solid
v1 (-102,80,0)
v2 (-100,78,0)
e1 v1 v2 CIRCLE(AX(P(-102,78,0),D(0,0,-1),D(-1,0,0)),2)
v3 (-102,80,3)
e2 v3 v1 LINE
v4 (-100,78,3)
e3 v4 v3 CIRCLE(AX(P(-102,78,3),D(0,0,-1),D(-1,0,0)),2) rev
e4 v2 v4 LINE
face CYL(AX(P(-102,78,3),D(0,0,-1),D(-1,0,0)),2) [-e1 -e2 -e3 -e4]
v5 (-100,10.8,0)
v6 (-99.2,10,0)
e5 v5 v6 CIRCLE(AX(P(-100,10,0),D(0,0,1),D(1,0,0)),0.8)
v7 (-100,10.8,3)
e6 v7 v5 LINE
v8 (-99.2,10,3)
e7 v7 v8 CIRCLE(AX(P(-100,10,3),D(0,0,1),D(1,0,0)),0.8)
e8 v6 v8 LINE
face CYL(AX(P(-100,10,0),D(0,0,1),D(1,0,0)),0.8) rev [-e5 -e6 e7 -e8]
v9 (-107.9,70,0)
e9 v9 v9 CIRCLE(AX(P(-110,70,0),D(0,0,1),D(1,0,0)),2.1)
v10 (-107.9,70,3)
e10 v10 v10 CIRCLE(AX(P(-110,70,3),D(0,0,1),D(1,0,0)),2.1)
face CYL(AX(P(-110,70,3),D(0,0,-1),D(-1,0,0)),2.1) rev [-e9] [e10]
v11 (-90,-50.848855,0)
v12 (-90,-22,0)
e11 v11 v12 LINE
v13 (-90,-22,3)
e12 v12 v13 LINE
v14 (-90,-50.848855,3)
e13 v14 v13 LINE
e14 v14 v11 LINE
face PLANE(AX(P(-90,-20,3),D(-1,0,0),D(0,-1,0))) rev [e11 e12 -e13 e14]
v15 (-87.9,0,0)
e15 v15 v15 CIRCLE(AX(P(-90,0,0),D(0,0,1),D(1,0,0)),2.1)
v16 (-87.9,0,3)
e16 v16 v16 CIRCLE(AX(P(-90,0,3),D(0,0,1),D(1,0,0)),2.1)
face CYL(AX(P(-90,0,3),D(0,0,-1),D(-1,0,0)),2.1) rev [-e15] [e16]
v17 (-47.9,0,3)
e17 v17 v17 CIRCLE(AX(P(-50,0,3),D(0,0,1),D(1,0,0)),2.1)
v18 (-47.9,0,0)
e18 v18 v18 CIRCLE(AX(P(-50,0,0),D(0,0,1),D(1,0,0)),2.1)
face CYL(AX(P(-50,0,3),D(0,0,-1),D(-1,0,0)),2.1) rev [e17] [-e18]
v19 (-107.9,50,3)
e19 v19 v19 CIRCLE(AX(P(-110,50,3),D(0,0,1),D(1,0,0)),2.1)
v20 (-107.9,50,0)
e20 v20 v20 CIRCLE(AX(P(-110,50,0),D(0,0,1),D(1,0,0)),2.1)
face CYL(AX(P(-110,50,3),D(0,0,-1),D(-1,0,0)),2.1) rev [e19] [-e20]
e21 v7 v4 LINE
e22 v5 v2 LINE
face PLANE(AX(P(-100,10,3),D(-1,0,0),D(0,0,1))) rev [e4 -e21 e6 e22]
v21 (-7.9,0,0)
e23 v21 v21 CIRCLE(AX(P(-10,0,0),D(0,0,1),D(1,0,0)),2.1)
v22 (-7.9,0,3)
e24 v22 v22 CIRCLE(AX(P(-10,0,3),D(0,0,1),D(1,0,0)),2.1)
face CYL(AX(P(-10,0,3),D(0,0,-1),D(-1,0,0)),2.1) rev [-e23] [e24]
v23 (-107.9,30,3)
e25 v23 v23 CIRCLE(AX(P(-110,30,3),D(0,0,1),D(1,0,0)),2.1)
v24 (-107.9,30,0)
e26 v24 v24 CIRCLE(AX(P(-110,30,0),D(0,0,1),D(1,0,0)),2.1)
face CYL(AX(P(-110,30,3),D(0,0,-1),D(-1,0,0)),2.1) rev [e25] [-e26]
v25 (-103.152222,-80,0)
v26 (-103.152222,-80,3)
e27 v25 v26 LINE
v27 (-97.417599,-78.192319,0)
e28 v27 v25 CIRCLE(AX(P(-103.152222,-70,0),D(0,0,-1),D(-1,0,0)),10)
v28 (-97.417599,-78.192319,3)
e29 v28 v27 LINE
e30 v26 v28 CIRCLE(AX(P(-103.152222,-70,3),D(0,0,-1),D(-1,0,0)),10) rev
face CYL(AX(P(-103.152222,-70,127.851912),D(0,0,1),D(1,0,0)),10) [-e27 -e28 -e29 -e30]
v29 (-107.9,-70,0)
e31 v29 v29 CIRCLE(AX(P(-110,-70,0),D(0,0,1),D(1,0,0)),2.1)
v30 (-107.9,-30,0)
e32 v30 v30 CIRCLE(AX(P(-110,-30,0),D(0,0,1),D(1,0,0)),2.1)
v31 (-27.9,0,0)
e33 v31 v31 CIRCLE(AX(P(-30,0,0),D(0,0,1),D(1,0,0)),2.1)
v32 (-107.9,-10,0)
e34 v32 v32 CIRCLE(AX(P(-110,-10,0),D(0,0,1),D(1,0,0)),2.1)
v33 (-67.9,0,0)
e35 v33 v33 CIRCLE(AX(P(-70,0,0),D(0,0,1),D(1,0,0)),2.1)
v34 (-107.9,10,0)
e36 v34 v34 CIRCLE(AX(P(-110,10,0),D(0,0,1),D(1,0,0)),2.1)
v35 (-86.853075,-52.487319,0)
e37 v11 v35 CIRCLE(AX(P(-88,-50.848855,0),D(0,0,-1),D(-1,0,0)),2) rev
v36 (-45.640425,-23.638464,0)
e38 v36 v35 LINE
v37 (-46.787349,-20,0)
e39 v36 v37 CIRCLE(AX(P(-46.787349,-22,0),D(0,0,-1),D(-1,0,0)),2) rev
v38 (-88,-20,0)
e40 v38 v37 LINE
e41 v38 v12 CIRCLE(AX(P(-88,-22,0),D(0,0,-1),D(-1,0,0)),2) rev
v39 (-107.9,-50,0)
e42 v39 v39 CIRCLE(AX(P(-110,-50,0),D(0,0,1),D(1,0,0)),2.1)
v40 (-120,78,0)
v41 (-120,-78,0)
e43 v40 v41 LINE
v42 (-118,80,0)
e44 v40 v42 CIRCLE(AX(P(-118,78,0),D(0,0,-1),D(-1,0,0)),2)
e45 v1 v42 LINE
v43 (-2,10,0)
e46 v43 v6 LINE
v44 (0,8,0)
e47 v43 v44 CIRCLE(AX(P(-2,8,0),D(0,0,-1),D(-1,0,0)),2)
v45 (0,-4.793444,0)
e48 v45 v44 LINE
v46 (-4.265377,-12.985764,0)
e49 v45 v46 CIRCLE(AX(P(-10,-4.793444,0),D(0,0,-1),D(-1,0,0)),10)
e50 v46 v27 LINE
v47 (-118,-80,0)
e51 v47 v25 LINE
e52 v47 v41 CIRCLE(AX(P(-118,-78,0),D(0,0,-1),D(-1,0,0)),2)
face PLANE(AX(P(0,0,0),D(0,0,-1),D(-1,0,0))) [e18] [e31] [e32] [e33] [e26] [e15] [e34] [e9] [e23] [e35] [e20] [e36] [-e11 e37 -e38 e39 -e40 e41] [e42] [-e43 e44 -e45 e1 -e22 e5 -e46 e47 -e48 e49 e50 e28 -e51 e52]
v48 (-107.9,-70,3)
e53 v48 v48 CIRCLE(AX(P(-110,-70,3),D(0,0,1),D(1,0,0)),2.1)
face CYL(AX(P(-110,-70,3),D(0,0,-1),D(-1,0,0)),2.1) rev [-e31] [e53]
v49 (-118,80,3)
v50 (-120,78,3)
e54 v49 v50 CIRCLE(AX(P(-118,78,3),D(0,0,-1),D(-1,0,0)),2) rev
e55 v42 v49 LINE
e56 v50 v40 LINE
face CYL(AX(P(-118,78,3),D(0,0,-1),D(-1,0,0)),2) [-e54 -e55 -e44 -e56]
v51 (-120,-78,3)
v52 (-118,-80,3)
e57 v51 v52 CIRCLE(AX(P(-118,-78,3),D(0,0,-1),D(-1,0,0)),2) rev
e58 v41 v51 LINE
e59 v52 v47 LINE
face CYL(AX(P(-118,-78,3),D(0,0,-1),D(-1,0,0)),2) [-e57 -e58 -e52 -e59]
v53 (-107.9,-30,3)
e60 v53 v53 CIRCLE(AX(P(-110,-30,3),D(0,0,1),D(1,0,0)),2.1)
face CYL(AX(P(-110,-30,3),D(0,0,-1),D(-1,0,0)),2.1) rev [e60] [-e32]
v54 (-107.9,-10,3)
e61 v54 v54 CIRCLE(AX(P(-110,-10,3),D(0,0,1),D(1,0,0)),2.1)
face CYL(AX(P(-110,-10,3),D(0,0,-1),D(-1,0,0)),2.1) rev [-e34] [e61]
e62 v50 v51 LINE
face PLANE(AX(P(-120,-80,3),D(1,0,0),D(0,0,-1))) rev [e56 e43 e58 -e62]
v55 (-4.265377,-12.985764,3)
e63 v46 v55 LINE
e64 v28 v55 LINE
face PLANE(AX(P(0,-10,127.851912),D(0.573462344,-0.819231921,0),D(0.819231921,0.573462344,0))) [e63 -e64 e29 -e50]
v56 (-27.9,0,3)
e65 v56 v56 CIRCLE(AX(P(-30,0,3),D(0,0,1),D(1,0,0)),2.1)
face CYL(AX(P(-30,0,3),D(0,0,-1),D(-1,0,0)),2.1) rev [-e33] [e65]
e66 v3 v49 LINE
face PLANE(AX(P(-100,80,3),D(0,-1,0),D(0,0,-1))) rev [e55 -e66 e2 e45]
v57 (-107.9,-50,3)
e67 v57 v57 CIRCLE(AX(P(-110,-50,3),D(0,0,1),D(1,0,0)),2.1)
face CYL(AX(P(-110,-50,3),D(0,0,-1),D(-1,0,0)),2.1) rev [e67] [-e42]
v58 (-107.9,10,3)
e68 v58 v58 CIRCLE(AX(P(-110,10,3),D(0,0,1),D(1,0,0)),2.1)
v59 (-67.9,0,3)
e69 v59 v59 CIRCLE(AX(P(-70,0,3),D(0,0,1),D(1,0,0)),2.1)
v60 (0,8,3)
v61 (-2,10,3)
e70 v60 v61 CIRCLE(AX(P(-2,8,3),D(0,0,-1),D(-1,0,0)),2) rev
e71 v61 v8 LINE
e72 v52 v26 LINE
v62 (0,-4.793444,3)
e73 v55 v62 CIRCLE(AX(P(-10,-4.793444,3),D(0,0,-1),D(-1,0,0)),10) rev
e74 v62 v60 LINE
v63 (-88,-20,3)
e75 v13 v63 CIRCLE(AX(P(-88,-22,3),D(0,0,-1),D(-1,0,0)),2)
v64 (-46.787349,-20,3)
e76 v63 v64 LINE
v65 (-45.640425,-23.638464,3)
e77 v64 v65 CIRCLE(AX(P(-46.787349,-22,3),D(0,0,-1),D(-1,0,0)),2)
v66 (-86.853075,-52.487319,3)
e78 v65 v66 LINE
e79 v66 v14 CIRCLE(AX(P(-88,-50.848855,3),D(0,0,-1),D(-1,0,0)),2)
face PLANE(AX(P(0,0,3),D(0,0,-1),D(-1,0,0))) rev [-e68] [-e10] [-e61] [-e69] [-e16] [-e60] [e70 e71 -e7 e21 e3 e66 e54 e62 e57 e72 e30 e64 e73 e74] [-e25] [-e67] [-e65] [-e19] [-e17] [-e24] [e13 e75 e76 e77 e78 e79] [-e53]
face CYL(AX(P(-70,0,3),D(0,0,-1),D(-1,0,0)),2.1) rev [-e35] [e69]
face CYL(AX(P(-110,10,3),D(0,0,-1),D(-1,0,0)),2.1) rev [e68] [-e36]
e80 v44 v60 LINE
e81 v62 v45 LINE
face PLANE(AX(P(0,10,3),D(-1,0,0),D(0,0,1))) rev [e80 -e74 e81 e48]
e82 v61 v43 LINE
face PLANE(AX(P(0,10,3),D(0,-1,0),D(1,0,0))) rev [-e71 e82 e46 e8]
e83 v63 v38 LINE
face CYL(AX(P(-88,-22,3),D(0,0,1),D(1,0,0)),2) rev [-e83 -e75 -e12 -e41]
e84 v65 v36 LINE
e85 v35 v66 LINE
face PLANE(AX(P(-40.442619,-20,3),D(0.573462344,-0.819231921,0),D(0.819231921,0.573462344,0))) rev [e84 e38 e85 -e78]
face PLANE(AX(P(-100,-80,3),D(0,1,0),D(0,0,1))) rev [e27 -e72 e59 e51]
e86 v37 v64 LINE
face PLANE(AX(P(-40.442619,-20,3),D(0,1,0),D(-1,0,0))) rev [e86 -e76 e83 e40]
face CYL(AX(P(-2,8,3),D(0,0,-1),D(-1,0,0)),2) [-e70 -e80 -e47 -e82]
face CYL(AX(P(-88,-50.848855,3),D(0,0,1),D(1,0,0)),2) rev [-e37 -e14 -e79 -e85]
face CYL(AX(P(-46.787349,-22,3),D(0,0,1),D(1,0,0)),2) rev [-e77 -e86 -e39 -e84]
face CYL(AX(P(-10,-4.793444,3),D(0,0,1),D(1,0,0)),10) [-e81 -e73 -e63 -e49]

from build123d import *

# Parameters (mm, degrees)
SKETCH1_R           = 2.1
BOSS_EXTRUDE1_DEPTH = 3
FILLET1_R           = 2
SKETCH3_R           = 0.8
CUT_EXTRUDE1_DEPTH  = 145.25324953
BOSS_EXTRUDE2_START = -3
BOSS_EXTRUDE2_DEPTH = 3
CUT_EXTRUDE2_DEPTH  = 145.25324953
FILLET2_R           = 2
FILLET3_R           = 10


with BuildPart() as part:
    # Sketch1 → Boss-Extrude1 (new body)
    with BuildSketch(Plane.XY):
        Polygon((-100, -80), (-100, -10), (0, -10), (0, 10), (-100, 10), (-100, 80), (-120, 80), (-120, -80), align=None)
        with Locations((-110, 70)):
            Circle(SKETCH1_R, mode=Mode.SUBTRACT)
        with Locations((-110, 50)):
            Circle(SKETCH1_R, mode=Mode.SUBTRACT)
        with Locations((-110, 30)):
            Circle(SKETCH1_R, mode=Mode.SUBTRACT)
        with Locations((-110, 10)):
            Circle(SKETCH1_R, mode=Mode.SUBTRACT)
        with Locations((-110, -10)):
            Circle(SKETCH1_R, mode=Mode.SUBTRACT)
        with Locations((-110, -30)):
            Circle(SKETCH1_R, mode=Mode.SUBTRACT)
        with Locations((-110, -50)):
            Circle(SKETCH1_R, mode=Mode.SUBTRACT)
        with Locations((-110, -70)):
            Circle(SKETCH1_R, mode=Mode.SUBTRACT)
        with Locations((-10, 0)):
            Circle(SKETCH1_R, mode=Mode.SUBTRACT)
        with Locations((-30, 0)):
            Circle(SKETCH1_R, mode=Mode.SUBTRACT)
        with Locations((-50, 0)):
            Circle(SKETCH1_R, mode=Mode.SUBTRACT)
        with Locations((-70, 0)):
            Circle(SKETCH1_R, mode=Mode.SUBTRACT)
        with Locations((-90, 0)):
            Circle(SKETCH1_R, mode=Mode.SUBTRACT)
    extrude(amount=BOSS_EXTRUDE1_DEPTH)

    # Fillet1
    fillet1_edges = [part.edges().sort_by_distance(p)[0] for p in [
        (-120, -80, 1.5),
        (-120, 80, 1.5),
        (-100, 80, 1.5),
        (0, 10, 1.5),
        (0, -10, 1.5),
        (-100, -80, 1.5),
    ]]
    fillet(fillet1_edges, radius=FILLET1_R)

    # Sketch3 → Cut-Extrude1 (cut, through all)
    with BuildSketch(Plane.XY.offset(3)):
        with Locations((-100, 10)):
            Circle(SKETCH3_R)
        with Locations((-100, -10)):
            Circle(SKETCH3_R)
    extrude(amount=-CUT_EXTRUDE1_DEPTH, mode=Mode.SUBTRACT)

    # Sketch4 → Boss-Extrude2 (add)
    with BuildSketch(Plane(origin=(0, 0, 0), x_dir=(-1, 0, 0), z_dir=(0, 0, -1)).offset(BOSS_EXTRUDE2_START)):
        with BuildLine():
            Line((0, -8), (0, -10))
            Line((0, -10), (100, -80))
            Line((100, -80), (102, -80))
            ThreePointArc((102, -80), (100.585786438, -79.414213562), (100, -78))
            Line((100, -78), (100, -10.8))
            ThreePointArc((100, -10.8), (100.565685425, -9.434314575), (99.2, -10))
            Line((99.2, -10), (2, -10))
            ThreePointArc((2, -10), (0.585786438, -9.414213562), (0, -8))
        make_face()
    extrude(amount=BOSS_EXTRUDE2_DEPTH)

    # Sketch5 → Cut-Extrude2 (cut, through all)
    with BuildSketch(Plane(origin=(0, 0, 0), x_dir=(-1, 0, 0), z_dir=(0, 0, -1))):
        Polygon((40.442619177, -20), (90, -20), (90, -54.690166576), align=None)
    extrude(amount=-CUT_EXTRUDE2_DEPTH, mode=Mode.SUBTRACT)

    # Fillet2
    fillet2_edges = [part.edges().sort_by_distance(p)[0] for p in [
        (-90, -54.690166576, 1.5),
        (-40.442619177, -20, 1.5),
        (-90, -20, 1.5),
    ]]
    fillet(fillet2_edges, radius=FILLET2_R)

    # Fillet3
    fillet3_edges = [part.edges().sort_by_distance(p)[0] for p in [
        (-100, -80, 1.5),
        (0, -10, 1.5),
    ]]
    fillet(fillet3_edges, radius=FILLET3_R)


solid = part.part
